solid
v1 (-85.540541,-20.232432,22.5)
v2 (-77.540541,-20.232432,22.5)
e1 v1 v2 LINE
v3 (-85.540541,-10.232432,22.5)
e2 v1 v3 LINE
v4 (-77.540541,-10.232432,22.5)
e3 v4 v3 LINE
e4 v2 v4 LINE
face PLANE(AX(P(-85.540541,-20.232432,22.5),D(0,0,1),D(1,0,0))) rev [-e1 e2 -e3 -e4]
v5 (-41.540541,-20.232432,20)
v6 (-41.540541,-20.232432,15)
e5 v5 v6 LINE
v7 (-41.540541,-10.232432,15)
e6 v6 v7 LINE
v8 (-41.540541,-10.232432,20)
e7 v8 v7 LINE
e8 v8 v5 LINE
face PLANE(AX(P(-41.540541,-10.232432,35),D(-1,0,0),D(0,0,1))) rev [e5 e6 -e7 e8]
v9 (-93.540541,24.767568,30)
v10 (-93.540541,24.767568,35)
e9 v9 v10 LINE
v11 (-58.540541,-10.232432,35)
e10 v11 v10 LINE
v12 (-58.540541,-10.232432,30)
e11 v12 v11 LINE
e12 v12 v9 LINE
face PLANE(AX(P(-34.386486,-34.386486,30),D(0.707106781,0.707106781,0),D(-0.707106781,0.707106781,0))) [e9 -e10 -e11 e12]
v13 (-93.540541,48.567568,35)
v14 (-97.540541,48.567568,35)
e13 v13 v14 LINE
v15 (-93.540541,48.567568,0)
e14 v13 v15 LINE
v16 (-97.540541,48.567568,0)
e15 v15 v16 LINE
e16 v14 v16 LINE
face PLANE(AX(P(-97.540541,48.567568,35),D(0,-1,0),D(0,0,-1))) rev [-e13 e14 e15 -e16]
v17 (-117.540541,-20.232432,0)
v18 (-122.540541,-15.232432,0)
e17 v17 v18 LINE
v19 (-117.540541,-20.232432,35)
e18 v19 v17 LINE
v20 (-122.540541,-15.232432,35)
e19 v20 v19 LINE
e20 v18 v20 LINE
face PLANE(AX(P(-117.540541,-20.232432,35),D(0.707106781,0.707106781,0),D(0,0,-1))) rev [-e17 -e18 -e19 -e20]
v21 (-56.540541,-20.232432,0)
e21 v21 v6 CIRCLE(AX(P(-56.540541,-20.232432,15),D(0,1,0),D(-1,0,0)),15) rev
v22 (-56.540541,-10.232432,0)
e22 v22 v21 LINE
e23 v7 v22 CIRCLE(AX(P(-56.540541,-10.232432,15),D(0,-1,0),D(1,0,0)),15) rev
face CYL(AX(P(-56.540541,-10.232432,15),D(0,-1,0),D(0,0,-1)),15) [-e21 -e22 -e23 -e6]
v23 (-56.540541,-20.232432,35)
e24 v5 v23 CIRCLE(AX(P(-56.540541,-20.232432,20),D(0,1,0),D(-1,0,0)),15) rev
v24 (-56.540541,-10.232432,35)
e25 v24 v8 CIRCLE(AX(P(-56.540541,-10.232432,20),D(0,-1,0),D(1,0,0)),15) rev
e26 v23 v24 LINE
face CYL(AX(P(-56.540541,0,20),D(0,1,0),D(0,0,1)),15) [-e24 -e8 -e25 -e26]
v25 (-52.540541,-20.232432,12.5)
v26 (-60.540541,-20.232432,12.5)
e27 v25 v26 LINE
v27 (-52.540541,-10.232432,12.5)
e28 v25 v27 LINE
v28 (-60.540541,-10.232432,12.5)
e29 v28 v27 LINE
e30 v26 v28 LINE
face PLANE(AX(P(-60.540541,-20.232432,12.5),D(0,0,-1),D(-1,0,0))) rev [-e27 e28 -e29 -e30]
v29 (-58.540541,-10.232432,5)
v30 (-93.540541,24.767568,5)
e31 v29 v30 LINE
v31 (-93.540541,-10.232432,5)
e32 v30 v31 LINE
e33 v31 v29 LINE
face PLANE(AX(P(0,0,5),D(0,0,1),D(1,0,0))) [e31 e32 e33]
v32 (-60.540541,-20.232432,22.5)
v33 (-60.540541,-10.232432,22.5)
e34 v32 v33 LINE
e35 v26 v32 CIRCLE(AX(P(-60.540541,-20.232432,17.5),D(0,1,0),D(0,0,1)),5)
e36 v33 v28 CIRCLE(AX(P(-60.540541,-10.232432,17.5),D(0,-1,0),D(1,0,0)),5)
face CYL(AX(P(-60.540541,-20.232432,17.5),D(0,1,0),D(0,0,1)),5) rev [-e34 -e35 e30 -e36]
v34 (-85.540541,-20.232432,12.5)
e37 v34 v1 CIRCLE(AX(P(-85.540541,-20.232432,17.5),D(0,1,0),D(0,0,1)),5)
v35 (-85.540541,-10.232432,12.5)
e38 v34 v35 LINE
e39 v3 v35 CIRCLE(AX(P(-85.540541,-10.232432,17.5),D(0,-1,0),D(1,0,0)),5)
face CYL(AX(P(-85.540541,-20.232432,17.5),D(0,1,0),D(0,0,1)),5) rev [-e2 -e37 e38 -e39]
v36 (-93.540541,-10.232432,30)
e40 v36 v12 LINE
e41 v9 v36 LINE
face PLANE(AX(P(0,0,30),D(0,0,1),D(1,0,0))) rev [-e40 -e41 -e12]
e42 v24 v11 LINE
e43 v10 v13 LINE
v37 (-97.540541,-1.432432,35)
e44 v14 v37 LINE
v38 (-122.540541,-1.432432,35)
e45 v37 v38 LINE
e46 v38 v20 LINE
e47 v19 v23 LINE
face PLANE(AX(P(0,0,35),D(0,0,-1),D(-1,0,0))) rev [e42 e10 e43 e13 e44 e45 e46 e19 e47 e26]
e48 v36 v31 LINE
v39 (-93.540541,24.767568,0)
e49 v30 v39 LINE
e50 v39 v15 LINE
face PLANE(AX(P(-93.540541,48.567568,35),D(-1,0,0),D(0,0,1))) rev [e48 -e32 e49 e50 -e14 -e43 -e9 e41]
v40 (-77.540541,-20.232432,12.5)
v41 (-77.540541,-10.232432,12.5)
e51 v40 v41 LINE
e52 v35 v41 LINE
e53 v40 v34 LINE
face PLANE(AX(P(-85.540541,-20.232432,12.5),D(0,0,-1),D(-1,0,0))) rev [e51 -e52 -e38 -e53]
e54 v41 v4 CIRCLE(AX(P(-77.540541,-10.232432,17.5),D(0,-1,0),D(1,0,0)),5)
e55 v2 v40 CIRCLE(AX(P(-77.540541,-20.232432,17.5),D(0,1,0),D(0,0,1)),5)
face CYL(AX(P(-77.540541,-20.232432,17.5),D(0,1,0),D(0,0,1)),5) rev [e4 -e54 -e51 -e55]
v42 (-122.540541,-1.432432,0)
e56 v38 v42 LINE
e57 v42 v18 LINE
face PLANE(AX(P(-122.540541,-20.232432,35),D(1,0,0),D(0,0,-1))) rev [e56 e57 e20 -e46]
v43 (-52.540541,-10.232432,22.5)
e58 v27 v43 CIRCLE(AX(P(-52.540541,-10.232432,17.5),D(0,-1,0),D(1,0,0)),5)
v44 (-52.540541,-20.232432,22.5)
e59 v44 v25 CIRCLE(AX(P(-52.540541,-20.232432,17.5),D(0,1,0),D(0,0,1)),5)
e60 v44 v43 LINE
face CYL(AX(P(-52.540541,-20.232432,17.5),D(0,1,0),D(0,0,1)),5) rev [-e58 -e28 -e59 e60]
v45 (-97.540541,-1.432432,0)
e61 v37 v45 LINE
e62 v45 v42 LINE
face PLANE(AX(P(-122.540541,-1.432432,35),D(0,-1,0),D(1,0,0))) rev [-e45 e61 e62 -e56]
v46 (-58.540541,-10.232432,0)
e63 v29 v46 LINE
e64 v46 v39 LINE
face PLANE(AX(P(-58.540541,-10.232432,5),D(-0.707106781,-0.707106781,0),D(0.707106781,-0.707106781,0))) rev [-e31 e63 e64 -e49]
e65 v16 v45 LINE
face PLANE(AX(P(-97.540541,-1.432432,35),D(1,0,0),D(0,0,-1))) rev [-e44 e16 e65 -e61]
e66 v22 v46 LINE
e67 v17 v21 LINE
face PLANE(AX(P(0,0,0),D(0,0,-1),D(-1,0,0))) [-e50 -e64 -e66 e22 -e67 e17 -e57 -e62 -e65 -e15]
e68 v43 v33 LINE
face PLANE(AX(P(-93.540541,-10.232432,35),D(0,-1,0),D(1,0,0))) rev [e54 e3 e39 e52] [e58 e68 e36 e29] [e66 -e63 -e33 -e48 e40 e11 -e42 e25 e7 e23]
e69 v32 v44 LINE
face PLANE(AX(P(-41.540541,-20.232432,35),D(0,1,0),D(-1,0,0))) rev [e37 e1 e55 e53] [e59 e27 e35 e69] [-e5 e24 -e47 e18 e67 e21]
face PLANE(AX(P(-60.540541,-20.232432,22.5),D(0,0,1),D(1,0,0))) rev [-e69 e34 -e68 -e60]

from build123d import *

# Parameters (mm, degrees)
BOSS_EXTRUDE1_DEPTH = 35
BOSS_EXTRUDE2_DEPTH = 5
BOSS_EXTRUDE3_START = 35
BOSS_EXTRUDE3_DEPTH = 5
CUT_EXTRUDE1_DEPTH  = 137.38179019
CHAMFER1_SIZE       = 5
FILLET1_R           = 15


with BuildPart() as part:
    # Sketch1 → Boss-Extrude1 (new body)
    with BuildSketch(Plane.XY):
        Polygon((-41.540540541, -20.232432432), (-122.540540541, -20.232432432), (-122.540540541, -1.432432432), (-97.540540541, -1.432432432), (-97.540540541, 48.567567568), (-93.540540541, 48.567567568), (-93.540540541, -10.232432432), (-41.540540541, -10.232432432), align=None)
    extrude(amount=BOSS_EXTRUDE1_DEPTH)

    # Sketch3 → Boss-Extrude2 (add)
    with BuildSketch(Plane.XY):
        Polygon((-93.540540541, 24.767567568), (-93.540540541, -10.232432432), (-58.540540541, -10.232432432), align=None)
    extrude(amount=BOSS_EXTRUDE2_DEPTH)

    # Sketch3<2> → Boss-Extrude3 (add)
    with BuildSketch(Plane.XY.offset(BOSS_EXTRUDE3_START)):
        Polygon((-93.540540541, 24.767567568), (-93.540540541, -10.232432432), (-58.540540541, -10.232432432), align=None)
    extrude(amount=-BOSS_EXTRUDE3_DEPTH)

    # Sketch2 → Cut-Extrude1 (cut, through all)
    with BuildSketch(Plane(origin=(0, 0, 0), x_dir=(1, 0, 0), z_dir=(0, 1, 0))):
        with BuildLine():
            Line((-85.540540541, -12.5), (-77.540540541, -12.5))
            ThreePointArc((-77.540540541, -12.5), (-72.540540541, -17.5), (-77.540540541, -22.5))
            Line((-77.540540541, -22.5), (-85.540540541, -22.5))
            ThreePointArc((-85.540540541, -22.5), (-90.540540541, -17.5), (-85.540540541, -12.5))
        make_face()
        with BuildLine():
            Line((-60.540540541, -12.5), (-52.540540541, -12.5))
            ThreePointArc((-52.540540541, -12.5), (-47.540540541, -17.5), (-52.540540541, -22.5))
            Line((-52.540540541, -22.5), (-60.540540541, -22.5))
            ThreePointArc((-60.540540541, -22.5), (-65.540540541, -17.5), (-60.540540541, -12.5))
        make_face()
    extrude(amount=-CUT_EXTRUDE1_DEPTH, mode=Mode.SUBTRACT)

    # Chamfer1
    chamfer1_edges = [part.edges().sort_by_distance(p)[0] for p in [
        (-122.540540541, -20.232432432, 17.5),
    ]]
    chamfer(chamfer1_edges, length=CHAMFER1_SIZE)

    # Fillet1
    fillet1_edges = [part.edges().sort_by_distance(p)[0] for p in [
        (-41.540540541, -15.232432432, 0),
        (-41.540540541, -15.232432432, 35),
    ]]
    fillet(fillet1_edges, radius=FILLET1_R)


solid = part.part
